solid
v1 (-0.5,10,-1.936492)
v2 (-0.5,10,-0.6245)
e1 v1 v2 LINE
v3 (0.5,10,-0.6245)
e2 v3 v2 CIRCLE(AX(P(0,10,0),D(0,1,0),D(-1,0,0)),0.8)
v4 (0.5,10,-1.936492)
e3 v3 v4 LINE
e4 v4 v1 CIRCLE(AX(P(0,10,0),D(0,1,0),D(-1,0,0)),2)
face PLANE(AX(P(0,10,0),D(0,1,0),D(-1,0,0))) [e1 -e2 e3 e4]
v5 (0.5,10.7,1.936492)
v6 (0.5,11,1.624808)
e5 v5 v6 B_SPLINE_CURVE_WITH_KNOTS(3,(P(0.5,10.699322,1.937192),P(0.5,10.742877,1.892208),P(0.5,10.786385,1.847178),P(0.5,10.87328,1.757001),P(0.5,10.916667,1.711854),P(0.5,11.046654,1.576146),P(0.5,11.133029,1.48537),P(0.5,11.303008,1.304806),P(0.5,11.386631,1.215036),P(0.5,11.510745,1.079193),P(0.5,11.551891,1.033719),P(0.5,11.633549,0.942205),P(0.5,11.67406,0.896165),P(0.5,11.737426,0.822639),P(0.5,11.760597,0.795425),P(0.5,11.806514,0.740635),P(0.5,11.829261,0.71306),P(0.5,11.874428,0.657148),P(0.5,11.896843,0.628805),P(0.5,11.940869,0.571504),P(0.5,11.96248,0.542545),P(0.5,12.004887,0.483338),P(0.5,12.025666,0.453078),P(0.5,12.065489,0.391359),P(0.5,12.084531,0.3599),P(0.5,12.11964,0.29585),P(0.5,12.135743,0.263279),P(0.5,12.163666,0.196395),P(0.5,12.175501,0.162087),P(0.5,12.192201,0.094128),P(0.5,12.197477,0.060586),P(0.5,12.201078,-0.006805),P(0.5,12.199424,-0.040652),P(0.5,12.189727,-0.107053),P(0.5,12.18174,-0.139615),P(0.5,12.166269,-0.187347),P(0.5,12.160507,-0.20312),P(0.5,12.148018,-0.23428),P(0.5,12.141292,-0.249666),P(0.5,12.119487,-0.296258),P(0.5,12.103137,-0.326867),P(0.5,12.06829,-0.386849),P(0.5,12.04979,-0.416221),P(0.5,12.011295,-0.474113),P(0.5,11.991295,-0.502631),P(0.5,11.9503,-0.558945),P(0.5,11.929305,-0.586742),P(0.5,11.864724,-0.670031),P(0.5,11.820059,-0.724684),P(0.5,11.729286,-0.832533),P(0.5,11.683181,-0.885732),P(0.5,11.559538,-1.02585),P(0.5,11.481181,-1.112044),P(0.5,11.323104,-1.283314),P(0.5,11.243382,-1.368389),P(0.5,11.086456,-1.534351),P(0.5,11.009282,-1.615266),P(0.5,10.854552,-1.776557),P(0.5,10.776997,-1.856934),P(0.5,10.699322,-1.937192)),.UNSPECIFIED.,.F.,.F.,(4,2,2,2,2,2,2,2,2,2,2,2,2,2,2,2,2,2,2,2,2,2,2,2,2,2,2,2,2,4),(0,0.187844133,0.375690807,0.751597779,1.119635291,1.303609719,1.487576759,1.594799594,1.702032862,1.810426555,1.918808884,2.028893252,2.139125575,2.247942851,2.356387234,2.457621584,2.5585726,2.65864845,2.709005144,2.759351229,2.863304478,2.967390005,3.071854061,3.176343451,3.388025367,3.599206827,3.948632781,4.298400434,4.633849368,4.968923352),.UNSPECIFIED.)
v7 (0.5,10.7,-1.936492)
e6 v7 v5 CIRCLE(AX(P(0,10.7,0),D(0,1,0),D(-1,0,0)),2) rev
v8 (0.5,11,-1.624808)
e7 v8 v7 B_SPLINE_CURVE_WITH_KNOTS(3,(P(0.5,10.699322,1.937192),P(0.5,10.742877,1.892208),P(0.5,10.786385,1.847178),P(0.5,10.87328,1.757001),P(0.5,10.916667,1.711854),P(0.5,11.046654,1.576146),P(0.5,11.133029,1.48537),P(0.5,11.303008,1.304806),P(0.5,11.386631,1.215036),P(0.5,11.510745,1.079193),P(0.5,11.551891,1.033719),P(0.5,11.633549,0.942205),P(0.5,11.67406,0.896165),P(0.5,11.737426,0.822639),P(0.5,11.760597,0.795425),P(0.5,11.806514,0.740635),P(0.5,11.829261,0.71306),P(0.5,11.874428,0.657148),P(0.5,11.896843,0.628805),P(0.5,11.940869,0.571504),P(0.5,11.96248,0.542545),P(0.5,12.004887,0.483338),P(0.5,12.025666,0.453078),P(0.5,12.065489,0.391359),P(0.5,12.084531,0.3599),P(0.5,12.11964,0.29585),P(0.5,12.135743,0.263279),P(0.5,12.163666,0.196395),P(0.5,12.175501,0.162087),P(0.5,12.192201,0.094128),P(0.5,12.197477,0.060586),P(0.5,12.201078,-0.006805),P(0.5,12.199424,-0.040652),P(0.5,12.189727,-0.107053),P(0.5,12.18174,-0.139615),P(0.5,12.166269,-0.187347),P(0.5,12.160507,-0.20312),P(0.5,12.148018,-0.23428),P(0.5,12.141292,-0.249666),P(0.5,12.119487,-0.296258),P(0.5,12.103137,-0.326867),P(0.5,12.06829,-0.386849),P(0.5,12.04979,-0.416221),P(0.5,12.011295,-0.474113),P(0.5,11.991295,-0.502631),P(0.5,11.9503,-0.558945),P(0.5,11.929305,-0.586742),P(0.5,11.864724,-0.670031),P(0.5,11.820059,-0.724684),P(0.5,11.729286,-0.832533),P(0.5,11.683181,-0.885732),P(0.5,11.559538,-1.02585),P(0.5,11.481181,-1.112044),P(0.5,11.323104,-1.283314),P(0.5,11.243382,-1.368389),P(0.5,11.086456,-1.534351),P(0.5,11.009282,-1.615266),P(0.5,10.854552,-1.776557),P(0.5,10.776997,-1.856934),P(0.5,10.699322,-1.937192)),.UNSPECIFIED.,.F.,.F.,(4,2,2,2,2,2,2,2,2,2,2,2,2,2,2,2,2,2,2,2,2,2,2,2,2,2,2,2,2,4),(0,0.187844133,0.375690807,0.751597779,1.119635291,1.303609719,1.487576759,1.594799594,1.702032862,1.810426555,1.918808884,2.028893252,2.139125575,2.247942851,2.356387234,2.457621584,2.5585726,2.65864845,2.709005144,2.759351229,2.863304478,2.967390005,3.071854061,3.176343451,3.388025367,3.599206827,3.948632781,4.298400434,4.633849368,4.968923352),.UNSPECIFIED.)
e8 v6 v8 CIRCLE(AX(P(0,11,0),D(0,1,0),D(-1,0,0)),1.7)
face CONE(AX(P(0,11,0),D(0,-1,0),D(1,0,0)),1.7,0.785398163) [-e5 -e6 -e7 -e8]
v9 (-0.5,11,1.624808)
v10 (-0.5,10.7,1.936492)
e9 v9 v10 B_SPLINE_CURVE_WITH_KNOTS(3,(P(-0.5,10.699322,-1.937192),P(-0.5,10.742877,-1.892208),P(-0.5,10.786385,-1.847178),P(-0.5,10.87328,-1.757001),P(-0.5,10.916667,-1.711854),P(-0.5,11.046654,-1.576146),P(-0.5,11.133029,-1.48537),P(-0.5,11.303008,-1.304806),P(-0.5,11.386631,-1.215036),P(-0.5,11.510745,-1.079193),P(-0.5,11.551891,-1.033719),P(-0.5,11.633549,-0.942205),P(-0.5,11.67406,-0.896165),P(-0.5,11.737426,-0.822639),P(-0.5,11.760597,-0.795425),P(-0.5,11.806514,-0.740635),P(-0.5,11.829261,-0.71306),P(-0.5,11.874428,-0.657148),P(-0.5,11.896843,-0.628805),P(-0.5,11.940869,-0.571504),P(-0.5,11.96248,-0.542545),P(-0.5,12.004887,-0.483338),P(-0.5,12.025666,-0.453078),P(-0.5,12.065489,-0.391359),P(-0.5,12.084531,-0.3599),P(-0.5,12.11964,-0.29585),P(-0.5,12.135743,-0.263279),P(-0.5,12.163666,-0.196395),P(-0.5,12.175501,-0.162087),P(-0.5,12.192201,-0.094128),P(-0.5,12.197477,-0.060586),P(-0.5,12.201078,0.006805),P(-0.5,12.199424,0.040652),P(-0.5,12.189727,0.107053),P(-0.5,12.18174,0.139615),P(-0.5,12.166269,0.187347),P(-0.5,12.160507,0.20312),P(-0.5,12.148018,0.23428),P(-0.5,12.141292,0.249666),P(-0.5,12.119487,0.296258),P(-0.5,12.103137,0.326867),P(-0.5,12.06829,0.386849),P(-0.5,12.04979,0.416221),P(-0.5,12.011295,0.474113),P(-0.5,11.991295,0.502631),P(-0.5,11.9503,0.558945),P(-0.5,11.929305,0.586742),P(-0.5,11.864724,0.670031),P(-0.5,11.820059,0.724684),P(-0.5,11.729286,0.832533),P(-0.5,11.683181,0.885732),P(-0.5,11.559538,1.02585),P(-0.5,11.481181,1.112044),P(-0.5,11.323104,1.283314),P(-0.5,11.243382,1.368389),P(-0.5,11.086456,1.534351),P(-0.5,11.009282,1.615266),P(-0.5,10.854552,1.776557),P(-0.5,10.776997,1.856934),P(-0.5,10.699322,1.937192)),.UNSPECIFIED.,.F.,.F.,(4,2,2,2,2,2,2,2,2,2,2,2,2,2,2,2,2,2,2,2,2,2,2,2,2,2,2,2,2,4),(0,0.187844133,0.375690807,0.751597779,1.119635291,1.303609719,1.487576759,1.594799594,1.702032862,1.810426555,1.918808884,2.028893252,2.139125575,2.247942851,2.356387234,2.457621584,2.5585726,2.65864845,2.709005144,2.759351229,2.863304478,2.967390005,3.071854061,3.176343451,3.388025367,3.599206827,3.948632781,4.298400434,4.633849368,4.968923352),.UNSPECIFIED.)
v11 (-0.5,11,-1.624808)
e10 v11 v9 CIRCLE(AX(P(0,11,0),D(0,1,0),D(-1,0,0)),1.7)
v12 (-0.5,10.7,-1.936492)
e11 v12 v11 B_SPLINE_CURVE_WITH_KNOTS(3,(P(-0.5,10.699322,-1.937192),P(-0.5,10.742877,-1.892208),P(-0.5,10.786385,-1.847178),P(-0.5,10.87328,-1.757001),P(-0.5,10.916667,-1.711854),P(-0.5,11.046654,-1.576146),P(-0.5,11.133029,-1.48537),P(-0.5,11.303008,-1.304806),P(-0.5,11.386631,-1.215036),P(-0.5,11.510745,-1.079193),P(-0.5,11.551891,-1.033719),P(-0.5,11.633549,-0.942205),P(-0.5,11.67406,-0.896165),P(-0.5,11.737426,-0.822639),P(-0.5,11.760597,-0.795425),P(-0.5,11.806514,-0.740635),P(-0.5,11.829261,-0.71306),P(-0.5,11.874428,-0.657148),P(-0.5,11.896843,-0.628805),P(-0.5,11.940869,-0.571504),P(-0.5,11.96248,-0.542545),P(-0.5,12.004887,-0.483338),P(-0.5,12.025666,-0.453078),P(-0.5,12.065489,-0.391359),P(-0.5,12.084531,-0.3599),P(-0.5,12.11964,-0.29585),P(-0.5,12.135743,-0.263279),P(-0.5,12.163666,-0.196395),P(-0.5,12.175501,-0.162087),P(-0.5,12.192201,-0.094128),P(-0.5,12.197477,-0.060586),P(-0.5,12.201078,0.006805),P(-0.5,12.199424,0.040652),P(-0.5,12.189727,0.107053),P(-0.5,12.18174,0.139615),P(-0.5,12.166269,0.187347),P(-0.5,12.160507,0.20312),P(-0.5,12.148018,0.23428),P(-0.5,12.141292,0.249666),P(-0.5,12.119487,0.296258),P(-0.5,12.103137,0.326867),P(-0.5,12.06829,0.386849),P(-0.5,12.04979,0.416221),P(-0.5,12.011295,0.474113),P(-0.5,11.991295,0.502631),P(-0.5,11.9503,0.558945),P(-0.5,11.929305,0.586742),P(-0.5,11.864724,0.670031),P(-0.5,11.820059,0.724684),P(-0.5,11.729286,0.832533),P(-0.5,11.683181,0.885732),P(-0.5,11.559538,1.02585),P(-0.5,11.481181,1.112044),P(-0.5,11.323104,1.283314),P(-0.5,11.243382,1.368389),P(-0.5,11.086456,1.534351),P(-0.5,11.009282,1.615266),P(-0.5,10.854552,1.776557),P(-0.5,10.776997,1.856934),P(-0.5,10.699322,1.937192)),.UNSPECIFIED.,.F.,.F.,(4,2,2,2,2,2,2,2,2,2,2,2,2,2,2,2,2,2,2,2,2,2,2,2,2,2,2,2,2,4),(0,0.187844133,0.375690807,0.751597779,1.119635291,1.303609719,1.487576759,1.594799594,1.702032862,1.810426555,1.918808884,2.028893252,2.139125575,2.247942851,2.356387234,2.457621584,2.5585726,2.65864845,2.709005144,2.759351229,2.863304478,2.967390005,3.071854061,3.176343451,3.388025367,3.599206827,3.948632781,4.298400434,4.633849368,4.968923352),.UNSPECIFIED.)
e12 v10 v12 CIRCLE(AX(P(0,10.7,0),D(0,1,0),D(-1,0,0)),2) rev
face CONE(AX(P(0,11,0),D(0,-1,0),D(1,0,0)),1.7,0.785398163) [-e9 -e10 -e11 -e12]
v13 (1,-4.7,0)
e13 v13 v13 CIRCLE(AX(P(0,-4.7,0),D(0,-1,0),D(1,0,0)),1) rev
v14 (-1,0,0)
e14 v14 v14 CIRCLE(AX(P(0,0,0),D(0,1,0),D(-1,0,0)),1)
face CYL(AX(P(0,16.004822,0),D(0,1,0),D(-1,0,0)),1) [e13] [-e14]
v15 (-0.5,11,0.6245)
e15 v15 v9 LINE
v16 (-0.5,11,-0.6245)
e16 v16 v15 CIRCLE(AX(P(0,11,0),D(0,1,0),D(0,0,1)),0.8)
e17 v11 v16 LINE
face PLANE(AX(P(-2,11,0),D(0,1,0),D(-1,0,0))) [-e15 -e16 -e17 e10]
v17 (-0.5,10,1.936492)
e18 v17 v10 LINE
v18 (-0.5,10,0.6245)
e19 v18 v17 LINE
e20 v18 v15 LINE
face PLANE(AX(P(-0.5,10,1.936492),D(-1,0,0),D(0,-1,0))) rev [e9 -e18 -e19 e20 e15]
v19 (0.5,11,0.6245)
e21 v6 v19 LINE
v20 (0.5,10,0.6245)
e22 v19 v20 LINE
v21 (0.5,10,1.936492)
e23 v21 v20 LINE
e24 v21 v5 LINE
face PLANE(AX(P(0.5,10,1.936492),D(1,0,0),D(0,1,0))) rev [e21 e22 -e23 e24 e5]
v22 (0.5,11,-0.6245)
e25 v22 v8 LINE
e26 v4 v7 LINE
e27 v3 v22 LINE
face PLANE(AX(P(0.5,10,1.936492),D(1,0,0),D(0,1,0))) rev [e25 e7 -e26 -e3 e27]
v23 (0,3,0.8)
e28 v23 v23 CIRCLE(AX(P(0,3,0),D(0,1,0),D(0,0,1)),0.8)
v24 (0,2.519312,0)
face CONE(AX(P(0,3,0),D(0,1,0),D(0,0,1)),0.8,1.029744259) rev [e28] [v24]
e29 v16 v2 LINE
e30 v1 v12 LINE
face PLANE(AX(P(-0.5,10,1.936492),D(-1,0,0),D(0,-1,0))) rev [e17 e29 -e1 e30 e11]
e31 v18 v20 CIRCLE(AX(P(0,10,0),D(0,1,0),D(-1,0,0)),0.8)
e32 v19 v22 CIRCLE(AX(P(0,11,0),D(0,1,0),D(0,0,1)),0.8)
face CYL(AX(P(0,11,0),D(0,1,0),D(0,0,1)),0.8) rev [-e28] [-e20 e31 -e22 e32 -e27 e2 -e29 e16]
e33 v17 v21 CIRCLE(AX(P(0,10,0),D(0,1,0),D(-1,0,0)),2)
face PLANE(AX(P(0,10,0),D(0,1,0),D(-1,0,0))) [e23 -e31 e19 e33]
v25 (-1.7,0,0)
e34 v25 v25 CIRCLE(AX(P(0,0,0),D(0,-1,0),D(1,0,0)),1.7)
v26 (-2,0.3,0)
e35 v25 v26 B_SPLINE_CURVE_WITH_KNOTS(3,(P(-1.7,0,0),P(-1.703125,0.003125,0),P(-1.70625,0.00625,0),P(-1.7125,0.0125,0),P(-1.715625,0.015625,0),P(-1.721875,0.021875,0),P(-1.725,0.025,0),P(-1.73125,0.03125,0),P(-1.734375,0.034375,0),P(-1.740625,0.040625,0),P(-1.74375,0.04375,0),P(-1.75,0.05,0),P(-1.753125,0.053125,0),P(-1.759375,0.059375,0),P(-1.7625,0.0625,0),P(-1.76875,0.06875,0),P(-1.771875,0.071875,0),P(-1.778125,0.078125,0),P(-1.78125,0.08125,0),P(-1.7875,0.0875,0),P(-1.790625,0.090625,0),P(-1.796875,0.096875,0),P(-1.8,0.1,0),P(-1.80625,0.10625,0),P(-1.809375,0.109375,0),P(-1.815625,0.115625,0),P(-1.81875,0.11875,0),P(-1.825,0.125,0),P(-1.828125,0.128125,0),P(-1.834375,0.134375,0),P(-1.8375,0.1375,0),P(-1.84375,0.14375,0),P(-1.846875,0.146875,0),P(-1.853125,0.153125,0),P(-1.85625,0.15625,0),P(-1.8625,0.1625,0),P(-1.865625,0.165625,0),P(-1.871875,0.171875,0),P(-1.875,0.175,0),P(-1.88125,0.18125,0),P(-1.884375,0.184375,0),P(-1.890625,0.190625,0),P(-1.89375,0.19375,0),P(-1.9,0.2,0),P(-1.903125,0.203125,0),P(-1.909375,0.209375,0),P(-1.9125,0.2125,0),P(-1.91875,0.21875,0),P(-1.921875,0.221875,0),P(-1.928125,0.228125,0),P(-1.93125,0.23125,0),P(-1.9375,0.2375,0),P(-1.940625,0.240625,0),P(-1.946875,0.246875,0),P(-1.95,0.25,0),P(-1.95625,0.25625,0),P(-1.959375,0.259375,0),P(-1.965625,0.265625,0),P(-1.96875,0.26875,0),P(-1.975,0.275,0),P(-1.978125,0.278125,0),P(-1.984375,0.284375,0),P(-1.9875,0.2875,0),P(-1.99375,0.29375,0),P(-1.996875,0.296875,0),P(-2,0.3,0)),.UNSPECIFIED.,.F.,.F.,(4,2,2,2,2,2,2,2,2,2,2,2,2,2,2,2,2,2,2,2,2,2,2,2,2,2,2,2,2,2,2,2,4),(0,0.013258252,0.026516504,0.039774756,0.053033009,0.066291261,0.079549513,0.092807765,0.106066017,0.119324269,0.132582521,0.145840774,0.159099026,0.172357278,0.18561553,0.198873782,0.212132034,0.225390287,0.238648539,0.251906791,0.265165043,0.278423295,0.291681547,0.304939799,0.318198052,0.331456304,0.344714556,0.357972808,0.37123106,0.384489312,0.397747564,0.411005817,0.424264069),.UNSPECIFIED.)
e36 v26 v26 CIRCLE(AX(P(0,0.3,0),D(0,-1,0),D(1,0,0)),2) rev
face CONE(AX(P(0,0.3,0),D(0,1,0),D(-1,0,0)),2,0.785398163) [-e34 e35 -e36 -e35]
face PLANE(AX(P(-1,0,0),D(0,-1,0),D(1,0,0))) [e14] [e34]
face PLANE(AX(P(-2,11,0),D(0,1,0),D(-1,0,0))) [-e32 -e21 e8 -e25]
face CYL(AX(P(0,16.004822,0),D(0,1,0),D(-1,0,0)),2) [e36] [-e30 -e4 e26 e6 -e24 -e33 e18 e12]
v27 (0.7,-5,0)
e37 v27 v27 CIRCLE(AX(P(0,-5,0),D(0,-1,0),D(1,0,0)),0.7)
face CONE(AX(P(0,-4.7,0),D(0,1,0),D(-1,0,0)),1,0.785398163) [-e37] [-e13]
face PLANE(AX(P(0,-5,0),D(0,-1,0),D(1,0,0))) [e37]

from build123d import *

# Parameters (mm, degrees)
CHAMFER_1_SIZE         = 0.3
CUT_EXTRUDE_2_DEPTH    = 1
HOLE_WIZARD_M2_1_D     = 1.6
HOLE_WIZARD_M2_1_DEPTH = 8
HOLE_WIZARD_M2_1_TIP   = 0.480688495


with BuildPart() as part:
    # ｽｹｯﾁ1 → 回転1 (revolve)
    with BuildSketch(Plane.XY):
        Polygon((0, -5), (-1, -5), (-1, 0), (-2, 0), (-2, 11), (0, 11), align=None)
    revolve(axis=Axis((0, 16.004822162, 0), (0, -1, 0)))

    # 面取り1
    chamfer_1_edges = [part.edges().sort_by_distance(p)[0] for p in [
        (2, 11, 0),
        (2, 0, 0),
        (1, -5, 0),
    ]]
    chamfer(chamfer_1_edges, length=CHAMFER_1_SIZE)

    # ｽｹｯﾁ2 → ｶｯﾄ - 押し出し2 (cut)
    with BuildSketch(Plane(origin=(0, 11, 0), x_dir=(1, 0, 0), z_dir=(0, 1, 0))):
        with BuildLine():
            Line((0.5, -1.936491673), (0.5, 1.936491673))
            ThreePointArc((0.5, 1.936491673), (0, 2), (-0.5, 1.936491673))
            Line((-0.5, 1.936491673), (-0.5, -1.936491673))
            ThreePointArc((-0.5, -1.936491673), (0, -2), (0.5, -1.936491673))
        make_face()
    extrude(amount=-CUT_EXTRUDE_2_DEPTH, mode=Mode.SUBTRACT)

    # M2 ねじ穴1
    with Locations(Plane(origin=(0, 11, 0), x_dir=(1, 0, 0), z_dir=(0, 1, 0))):
        with Locations((0, 0)):
            Hole(HOLE_WIZARD_M2_1_D / 2, depth=HOLE_WIZARD_M2_1_DEPTH)
            with Locations((0, 0, -(HOLE_WIZARD_M2_1_DEPTH + HOLE_WIZARD_M2_1_TIP / 2))):  # 118° drill point
                Cone(0, HOLE_WIZARD_M2_1_D / 2, HOLE_WIZARD_M2_1_TIP, mode=Mode.SUBTRACT)


solid = part.part
